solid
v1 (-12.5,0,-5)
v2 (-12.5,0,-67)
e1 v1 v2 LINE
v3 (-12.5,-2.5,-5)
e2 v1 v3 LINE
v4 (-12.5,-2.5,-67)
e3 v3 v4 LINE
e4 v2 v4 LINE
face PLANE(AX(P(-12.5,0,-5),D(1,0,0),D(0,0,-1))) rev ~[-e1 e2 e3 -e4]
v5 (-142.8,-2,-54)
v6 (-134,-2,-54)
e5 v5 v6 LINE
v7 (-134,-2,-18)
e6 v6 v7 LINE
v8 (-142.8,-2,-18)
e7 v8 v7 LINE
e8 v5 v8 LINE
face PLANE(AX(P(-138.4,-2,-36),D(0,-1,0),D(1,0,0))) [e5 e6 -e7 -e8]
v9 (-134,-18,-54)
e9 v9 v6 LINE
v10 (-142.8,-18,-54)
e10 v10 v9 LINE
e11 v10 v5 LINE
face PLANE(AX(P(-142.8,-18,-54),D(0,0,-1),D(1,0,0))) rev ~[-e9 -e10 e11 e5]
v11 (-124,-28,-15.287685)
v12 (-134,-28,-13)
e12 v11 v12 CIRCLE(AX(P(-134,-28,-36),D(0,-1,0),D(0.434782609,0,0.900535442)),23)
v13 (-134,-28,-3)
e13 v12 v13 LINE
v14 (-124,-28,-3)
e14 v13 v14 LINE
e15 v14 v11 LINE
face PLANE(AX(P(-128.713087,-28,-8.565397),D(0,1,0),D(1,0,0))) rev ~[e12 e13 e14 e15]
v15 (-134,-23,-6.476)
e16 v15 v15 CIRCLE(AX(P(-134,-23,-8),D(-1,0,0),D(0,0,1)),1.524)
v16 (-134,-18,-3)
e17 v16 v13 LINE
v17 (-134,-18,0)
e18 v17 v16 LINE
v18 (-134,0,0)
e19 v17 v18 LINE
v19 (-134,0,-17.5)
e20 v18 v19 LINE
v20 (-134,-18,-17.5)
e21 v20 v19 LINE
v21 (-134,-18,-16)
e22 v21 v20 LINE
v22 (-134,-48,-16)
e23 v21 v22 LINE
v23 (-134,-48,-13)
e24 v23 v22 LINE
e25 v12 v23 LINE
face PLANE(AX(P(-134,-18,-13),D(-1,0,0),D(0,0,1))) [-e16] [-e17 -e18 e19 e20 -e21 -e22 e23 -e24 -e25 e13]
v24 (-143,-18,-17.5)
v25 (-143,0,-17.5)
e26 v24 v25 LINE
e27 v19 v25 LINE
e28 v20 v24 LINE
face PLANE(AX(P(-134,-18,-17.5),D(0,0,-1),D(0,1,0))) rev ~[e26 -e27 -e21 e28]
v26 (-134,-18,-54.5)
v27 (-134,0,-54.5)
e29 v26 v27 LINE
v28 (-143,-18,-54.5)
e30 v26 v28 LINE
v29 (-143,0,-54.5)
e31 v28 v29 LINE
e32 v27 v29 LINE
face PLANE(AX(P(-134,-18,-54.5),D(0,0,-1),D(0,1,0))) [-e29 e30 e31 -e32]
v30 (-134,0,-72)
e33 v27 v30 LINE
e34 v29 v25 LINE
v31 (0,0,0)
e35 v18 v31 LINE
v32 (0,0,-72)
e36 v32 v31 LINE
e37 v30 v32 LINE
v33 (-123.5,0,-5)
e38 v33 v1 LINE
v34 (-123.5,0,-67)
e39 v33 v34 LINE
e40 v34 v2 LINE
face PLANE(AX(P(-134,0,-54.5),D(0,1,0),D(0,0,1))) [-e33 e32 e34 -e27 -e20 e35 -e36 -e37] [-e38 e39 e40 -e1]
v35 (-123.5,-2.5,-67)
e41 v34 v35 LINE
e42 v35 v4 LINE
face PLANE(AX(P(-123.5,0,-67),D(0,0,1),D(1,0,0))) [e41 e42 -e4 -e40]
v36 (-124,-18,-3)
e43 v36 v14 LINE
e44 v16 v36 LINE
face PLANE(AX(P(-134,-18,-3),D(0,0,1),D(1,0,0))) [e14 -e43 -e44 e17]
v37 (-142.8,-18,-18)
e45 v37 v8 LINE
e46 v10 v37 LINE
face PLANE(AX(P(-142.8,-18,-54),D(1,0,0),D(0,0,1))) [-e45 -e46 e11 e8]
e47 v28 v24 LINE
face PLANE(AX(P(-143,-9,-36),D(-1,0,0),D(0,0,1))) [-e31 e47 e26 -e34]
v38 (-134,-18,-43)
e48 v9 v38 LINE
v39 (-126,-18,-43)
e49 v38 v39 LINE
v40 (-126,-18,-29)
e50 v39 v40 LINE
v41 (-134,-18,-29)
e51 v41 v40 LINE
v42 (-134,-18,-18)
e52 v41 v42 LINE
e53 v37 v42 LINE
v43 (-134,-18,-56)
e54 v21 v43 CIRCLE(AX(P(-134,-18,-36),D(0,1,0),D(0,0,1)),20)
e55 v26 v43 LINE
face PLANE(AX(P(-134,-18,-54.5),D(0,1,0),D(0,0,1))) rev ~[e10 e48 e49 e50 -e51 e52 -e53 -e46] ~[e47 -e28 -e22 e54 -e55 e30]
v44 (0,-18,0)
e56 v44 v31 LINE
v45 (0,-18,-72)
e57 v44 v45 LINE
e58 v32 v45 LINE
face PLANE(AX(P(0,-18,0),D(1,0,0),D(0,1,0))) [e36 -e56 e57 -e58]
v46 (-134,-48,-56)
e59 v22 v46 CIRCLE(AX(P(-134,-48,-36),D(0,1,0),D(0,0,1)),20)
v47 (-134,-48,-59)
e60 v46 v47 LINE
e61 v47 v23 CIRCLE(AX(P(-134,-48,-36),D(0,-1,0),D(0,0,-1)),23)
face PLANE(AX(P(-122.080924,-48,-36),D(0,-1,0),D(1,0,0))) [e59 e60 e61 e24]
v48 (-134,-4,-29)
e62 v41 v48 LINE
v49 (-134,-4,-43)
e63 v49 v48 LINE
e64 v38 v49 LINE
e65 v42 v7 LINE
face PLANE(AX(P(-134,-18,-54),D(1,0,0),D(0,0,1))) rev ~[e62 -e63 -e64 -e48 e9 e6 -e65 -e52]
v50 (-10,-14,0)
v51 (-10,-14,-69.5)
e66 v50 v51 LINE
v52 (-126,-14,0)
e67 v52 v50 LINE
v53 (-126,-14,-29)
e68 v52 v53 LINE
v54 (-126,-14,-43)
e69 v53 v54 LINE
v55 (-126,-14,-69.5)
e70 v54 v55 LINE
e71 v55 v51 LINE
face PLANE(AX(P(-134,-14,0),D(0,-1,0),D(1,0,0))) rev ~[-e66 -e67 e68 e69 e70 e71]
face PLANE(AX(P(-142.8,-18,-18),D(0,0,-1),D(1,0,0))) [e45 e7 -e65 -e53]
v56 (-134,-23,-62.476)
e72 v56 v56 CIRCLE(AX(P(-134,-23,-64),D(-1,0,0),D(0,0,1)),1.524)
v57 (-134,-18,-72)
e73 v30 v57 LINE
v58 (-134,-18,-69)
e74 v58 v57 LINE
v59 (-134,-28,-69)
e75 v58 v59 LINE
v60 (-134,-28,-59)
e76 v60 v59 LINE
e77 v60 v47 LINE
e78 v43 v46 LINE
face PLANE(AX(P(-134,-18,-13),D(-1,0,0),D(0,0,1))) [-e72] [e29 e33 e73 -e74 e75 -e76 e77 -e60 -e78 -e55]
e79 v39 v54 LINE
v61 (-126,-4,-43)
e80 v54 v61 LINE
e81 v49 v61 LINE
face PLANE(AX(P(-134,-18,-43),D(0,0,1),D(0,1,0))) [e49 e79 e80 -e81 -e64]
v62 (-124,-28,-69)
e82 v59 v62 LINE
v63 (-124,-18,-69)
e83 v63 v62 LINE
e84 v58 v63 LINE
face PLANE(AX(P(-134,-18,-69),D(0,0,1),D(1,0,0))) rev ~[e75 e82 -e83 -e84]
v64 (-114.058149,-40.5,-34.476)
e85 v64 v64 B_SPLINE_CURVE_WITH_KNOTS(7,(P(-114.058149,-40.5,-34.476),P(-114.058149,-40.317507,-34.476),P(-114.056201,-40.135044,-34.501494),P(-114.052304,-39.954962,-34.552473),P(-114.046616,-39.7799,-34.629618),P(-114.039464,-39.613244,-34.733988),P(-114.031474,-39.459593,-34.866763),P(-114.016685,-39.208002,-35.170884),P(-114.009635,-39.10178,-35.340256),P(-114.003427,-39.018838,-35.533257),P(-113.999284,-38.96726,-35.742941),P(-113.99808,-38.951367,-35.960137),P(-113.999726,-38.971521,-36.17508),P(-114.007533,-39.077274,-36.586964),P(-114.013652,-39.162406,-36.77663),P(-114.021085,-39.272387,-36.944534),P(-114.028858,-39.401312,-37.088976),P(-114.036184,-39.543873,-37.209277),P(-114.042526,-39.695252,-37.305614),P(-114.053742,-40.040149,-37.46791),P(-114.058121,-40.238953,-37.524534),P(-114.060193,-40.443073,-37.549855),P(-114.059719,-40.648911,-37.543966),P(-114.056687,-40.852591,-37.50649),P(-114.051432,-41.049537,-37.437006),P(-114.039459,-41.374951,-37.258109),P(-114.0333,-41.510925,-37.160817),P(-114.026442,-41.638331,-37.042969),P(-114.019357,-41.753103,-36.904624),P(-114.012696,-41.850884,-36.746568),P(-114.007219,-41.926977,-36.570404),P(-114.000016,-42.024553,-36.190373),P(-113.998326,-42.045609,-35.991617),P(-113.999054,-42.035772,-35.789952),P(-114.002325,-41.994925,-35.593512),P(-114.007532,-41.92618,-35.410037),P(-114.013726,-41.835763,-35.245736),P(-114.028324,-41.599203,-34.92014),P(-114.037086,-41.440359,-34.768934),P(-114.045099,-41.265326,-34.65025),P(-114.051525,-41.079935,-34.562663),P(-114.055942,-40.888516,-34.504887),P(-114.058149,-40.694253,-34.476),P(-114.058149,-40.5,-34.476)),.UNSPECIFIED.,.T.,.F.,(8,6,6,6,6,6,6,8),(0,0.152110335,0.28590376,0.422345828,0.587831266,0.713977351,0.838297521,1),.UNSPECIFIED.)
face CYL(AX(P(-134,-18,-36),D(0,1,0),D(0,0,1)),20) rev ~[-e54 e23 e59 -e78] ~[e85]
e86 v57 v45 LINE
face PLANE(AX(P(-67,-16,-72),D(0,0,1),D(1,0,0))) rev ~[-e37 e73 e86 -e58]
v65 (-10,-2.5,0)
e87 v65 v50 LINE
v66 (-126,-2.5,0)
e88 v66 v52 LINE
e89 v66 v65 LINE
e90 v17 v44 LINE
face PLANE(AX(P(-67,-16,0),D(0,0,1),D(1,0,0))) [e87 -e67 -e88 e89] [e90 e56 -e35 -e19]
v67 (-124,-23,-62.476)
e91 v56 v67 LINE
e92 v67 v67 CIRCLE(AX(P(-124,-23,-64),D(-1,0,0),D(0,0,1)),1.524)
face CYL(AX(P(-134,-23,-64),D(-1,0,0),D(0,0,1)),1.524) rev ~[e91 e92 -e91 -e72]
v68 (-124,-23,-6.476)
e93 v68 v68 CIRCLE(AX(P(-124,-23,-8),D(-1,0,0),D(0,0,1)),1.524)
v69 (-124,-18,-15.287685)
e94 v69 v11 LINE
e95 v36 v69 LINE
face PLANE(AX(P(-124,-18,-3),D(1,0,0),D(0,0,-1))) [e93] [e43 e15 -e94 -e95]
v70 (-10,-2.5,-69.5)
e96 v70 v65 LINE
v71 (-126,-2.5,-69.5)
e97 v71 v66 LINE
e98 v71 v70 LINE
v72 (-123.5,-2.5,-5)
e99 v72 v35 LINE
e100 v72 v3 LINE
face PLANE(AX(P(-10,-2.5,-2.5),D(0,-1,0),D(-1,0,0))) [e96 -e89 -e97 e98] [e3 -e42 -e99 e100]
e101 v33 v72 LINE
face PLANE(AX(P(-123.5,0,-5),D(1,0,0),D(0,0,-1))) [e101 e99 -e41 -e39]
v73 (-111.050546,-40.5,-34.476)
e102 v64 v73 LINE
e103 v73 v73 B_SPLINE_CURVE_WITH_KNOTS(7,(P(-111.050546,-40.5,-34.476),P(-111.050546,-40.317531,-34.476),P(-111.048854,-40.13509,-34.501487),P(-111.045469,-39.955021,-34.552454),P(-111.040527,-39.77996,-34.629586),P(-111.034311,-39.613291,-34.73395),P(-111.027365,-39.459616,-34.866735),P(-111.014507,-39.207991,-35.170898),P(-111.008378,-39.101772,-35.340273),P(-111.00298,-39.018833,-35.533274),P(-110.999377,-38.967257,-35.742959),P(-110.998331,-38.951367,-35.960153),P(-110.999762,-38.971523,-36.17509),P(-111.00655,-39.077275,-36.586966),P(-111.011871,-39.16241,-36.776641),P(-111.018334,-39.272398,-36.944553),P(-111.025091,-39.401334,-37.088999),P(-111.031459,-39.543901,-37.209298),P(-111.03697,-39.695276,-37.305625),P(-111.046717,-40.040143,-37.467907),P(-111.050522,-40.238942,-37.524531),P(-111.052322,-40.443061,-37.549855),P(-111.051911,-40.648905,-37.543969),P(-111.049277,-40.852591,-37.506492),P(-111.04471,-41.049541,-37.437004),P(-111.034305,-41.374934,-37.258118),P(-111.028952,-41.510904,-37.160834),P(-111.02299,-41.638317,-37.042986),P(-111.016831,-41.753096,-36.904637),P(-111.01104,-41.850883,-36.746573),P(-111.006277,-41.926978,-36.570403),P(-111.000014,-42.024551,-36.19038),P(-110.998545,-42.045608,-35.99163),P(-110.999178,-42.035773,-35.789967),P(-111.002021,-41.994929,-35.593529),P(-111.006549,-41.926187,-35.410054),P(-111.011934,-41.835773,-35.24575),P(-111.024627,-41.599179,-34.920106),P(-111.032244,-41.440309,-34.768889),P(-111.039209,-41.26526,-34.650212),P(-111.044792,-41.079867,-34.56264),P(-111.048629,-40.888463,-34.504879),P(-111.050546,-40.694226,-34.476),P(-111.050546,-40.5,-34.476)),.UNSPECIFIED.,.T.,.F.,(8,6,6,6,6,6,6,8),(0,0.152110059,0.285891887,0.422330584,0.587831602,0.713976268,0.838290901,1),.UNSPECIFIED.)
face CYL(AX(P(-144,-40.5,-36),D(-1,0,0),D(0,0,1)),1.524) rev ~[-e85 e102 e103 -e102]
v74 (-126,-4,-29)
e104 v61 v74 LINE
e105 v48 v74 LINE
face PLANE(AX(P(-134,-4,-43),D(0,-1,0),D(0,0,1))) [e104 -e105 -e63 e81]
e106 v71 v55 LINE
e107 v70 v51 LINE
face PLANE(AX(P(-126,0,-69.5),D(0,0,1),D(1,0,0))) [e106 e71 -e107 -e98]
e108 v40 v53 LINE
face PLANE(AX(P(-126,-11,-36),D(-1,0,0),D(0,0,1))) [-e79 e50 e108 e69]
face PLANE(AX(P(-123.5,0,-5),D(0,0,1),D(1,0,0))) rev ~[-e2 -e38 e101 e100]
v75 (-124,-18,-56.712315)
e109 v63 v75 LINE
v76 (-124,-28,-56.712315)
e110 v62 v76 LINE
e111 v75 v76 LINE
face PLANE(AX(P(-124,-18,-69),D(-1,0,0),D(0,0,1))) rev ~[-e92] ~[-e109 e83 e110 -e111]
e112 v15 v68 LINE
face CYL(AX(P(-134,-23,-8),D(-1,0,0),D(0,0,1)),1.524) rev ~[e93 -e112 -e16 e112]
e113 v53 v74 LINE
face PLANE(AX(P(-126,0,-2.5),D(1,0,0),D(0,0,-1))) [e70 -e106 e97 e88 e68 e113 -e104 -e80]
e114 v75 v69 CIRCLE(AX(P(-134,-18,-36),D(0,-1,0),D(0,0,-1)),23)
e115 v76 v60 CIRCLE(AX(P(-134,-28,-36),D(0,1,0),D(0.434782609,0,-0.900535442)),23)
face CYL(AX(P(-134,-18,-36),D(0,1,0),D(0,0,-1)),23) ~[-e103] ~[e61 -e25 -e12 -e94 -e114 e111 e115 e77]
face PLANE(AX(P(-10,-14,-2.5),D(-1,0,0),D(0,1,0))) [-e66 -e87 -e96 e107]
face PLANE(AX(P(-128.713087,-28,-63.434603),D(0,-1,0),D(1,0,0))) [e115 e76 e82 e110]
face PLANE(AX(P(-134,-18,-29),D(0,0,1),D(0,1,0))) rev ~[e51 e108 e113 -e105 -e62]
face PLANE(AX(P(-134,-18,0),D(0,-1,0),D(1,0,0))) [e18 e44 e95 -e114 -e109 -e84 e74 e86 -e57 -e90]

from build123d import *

# Parameters (mm, degrees)
SKETCH5_W                  = 116
SKETCH5_H                  = 67
MAIN_BODY_DEPTH            = 14
SKETCH6_W                  = 116
SKETCH6_H                  = 67
SKETCH6_W_2                = 111
SKETCH6_H_2                = 62
RAIL_DEPTH                 = 2.5
SKETCH8_W                  = 134
SKETCH8_H                  = 4
COVER_DEPTH                = 72
SKETCH9_W                  = 14
SKETCH9_H                  = 14
SIPM_WINDOW_DEPTH          = 8
TUBE_ADAPTER_DEPTH         = 30
RIGHT_SCREW_TERMINAL_DEPTH = 10
RIGHT_SCREW_HOLE_REACH     = 136
SKETCH12_R                 = 1.524
LEFT_SCREW_TERMINAL_DEPTH  = 10
LEFT_SCREW_HOLE_REACH      = 136
SKETCH14_R                 = 1.524
SKETCH15_W                 = 37
SKETCH15_H                 = 18
SIPM_MOUNT_DEPTH           = 9
SKETCH17_W                 = 8.8
SKETCH17_H                 = 36
CUT_EXTRUDE1_DEPTH         = 16
ADAPTER_HOLE_REACH         = 146
SKETCH18_R                 = 1.524
SKETCH19_W                 = 116
SKETCH19_H                 = 11.5
CUT_EXTRUDE2_DEPTH         = 10


with BuildPart() as part:
    # Sketch5 → Main Body (new body)
    with BuildSketch(Plane(origin=(0, 0, 0), x_dir=(1, 0, 0), z_dir=(0, 1, 0))):
        Polygon((-124, 0), (-134, 0), (-134, 72), (0, 72), (0, 0), (-1.95326153, 0), align=None)
        with Locations((-68, 36)):
            Rectangle(SKETCH5_W, SKETCH5_H, mode=Mode.SUBTRACT)
    extrude(amount=-MAIN_BODY_DEPTH)

    # Sketch6 → Rail (add)
    with BuildSketch(Plane(origin=(0, 0, 0), x_dir=(1, 0, 0), z_dir=(0, 1, 0))):
        with Locations((-68, 36)):
            Rectangle(SKETCH6_W, SKETCH6_H)
        with Locations((-68, 36)):
            Rectangle(SKETCH6_W_2, SKETCH6_H_2, mode=Mode.SUBTRACT)
    extrude(amount=-RAIL_DEPTH)

    # Sketch8 → Cover (add)
    with BuildSketch(Plane.XY):
        with Locations((-67, -16)):
            Rectangle(SKETCH8_W, SKETCH8_H)
    extrude(amount=-COVER_DEPTH)

    # Sketch9 → SiPM Window (cut)
    with BuildSketch(Plane.ZY.offset(134)):
        with Locations((-36, -11)):
            Rectangle(SKETCH9_W, SKETCH9_H)
    extrude(amount=-SIPM_WINDOW_DEPTH, mode=Mode.SUBTRACT)

    # Sketch10 → Tube Adapter (add)
    with BuildSketch(Plane.XZ.offset(18)):
        with BuildLine():
            Line((-134, -13), (-134, -16))
            ThreePointArc((-134, -16), (-114, -36), (-134, -56))
            Line((-134, -56), (-134, -59))
            ThreePointArc((-134, -59), (-111, -36), (-134, -13))
        make_face()
    extrude(amount=TUBE_ADAPTER_DEPTH)

    # Sketch11 → Right Screw Terminal (add)
    with BuildSketch(Plane.XZ.offset(18)):
        with BuildLine():
            Line((-134, -59), (-134, -69))
            Line((-134, -69), (-124, -69))
            Line((-124, -69), (-124, -56.712315177))
            ThreePointArc((-124, -56.712315177), (-128.870830919, -58.420785547), (-134, -59))
        make_face()
    extrude(amount=RIGHT_SCREW_TERMINAL_DEPTH)

    # Sketch12 → Right Screw Hole (cut, up to next)
    with BuildSketch(Plane.ZY.offset(134), mode=Mode.PRIVATE) as right_screw_hole_sk1:
        with Locations((-64, -23)):
            Circle(SKETCH12_R)
    right_screw_hole_tool1 = extrude(right_screw_hole_sk1.sketch, amount=-RIGHT_SCREW_HOLE_REACH, mode=Mode.PRIVATE) & part.part
    add(right_screw_hole_tool1.solids().sort_by_distance((-134, -23, -64))[0], mode=Mode.SUBTRACT)

    # Sketch13 → Left Screw Terminal (add)
    with BuildSketch(Plane(origin=(0, -18, 0), x_dir=(-1, 0, 0), z_dir=(0, -1, 0))):
        with BuildLine():
            Line((134, 13), (134, 3))
            Line((134, 3), (124, 3))
            Line((124, 3), (124, 15.287684823))
            ThreePointArc((124, 15.287684823), (128.870830919, 13.579214453), (134, 13))
        make_face()
    extrude(amount=LEFT_SCREW_TERMINAL_DEPTH)

    # Sketch14 → Left Screw Hole (cut, up to next)
    with BuildSketch(Plane.ZY.offset(134), mode=Mode.PRIVATE) as left_screw_hole_sk1:
        with Locations((-8, -23)):
            Circle(SKETCH14_R)
    left_screw_hole_tool1 = extrude(left_screw_hole_sk1.sketch, amount=-LEFT_SCREW_HOLE_REACH, mode=Mode.PRIVATE) & part.part
    add(left_screw_hole_tool1.solids().sort_by_distance((-134, -23, -8))[0], mode=Mode.SUBTRACT)

    # Sketch15 → SiPM Mount (add)
    with BuildSketch(Plane.ZY.offset(134)):
        with Locations((-36, -9)):
            Rectangle(SKETCH15_W, SKETCH15_H)
    extrude(amount=SIPM_MOUNT_DEPTH)

    # Sketch17 → Cut-Extrude1 (cut)
    with BuildSketch(Plane.XZ.offset(18)):
        with Locations((-138.4, -36)):
            Rectangle(SKETCH17_W, SKETCH17_H)
    extrude(amount=-CUT_EXTRUDE1_DEPTH, mode=Mode.SUBTRACT)

    # Sketch18 → Adapter Hole (cut, up to next)
    with BuildSketch(Plane.ZY.offset(144), mode=Mode.PRIVATE) as adapter_hole_sk1:
        with Locations((-36, -40.5)):
            Circle(SKETCH18_R)
    adapter_hole_tool1 = extrude(adapter_hole_sk1.sketch, amount=-ADAPTER_HOLE_REACH, mode=Mode.PRIVATE) & part.part
    add(adapter_hole_tool1.solids().sort_by_distance((-144, -40.5, -36))[0], mode=Mode.SUBTRACT)

    # Sketch19 → Cut-Extrude2 (cut)
    with BuildSketch(Plane(origin=(0, 0, -2.5), x_dir=(-1, 0, 0), z_dir=(0, 0, -1))):
        with Locations((68, -8.25)):
            Rectangle(SKETCH19_W, SKETCH19_H)
    extrude(amount=-CUT_EXTRUDE2_DEPTH, mode=Mode.SUBTRACT)


solid = part.part
